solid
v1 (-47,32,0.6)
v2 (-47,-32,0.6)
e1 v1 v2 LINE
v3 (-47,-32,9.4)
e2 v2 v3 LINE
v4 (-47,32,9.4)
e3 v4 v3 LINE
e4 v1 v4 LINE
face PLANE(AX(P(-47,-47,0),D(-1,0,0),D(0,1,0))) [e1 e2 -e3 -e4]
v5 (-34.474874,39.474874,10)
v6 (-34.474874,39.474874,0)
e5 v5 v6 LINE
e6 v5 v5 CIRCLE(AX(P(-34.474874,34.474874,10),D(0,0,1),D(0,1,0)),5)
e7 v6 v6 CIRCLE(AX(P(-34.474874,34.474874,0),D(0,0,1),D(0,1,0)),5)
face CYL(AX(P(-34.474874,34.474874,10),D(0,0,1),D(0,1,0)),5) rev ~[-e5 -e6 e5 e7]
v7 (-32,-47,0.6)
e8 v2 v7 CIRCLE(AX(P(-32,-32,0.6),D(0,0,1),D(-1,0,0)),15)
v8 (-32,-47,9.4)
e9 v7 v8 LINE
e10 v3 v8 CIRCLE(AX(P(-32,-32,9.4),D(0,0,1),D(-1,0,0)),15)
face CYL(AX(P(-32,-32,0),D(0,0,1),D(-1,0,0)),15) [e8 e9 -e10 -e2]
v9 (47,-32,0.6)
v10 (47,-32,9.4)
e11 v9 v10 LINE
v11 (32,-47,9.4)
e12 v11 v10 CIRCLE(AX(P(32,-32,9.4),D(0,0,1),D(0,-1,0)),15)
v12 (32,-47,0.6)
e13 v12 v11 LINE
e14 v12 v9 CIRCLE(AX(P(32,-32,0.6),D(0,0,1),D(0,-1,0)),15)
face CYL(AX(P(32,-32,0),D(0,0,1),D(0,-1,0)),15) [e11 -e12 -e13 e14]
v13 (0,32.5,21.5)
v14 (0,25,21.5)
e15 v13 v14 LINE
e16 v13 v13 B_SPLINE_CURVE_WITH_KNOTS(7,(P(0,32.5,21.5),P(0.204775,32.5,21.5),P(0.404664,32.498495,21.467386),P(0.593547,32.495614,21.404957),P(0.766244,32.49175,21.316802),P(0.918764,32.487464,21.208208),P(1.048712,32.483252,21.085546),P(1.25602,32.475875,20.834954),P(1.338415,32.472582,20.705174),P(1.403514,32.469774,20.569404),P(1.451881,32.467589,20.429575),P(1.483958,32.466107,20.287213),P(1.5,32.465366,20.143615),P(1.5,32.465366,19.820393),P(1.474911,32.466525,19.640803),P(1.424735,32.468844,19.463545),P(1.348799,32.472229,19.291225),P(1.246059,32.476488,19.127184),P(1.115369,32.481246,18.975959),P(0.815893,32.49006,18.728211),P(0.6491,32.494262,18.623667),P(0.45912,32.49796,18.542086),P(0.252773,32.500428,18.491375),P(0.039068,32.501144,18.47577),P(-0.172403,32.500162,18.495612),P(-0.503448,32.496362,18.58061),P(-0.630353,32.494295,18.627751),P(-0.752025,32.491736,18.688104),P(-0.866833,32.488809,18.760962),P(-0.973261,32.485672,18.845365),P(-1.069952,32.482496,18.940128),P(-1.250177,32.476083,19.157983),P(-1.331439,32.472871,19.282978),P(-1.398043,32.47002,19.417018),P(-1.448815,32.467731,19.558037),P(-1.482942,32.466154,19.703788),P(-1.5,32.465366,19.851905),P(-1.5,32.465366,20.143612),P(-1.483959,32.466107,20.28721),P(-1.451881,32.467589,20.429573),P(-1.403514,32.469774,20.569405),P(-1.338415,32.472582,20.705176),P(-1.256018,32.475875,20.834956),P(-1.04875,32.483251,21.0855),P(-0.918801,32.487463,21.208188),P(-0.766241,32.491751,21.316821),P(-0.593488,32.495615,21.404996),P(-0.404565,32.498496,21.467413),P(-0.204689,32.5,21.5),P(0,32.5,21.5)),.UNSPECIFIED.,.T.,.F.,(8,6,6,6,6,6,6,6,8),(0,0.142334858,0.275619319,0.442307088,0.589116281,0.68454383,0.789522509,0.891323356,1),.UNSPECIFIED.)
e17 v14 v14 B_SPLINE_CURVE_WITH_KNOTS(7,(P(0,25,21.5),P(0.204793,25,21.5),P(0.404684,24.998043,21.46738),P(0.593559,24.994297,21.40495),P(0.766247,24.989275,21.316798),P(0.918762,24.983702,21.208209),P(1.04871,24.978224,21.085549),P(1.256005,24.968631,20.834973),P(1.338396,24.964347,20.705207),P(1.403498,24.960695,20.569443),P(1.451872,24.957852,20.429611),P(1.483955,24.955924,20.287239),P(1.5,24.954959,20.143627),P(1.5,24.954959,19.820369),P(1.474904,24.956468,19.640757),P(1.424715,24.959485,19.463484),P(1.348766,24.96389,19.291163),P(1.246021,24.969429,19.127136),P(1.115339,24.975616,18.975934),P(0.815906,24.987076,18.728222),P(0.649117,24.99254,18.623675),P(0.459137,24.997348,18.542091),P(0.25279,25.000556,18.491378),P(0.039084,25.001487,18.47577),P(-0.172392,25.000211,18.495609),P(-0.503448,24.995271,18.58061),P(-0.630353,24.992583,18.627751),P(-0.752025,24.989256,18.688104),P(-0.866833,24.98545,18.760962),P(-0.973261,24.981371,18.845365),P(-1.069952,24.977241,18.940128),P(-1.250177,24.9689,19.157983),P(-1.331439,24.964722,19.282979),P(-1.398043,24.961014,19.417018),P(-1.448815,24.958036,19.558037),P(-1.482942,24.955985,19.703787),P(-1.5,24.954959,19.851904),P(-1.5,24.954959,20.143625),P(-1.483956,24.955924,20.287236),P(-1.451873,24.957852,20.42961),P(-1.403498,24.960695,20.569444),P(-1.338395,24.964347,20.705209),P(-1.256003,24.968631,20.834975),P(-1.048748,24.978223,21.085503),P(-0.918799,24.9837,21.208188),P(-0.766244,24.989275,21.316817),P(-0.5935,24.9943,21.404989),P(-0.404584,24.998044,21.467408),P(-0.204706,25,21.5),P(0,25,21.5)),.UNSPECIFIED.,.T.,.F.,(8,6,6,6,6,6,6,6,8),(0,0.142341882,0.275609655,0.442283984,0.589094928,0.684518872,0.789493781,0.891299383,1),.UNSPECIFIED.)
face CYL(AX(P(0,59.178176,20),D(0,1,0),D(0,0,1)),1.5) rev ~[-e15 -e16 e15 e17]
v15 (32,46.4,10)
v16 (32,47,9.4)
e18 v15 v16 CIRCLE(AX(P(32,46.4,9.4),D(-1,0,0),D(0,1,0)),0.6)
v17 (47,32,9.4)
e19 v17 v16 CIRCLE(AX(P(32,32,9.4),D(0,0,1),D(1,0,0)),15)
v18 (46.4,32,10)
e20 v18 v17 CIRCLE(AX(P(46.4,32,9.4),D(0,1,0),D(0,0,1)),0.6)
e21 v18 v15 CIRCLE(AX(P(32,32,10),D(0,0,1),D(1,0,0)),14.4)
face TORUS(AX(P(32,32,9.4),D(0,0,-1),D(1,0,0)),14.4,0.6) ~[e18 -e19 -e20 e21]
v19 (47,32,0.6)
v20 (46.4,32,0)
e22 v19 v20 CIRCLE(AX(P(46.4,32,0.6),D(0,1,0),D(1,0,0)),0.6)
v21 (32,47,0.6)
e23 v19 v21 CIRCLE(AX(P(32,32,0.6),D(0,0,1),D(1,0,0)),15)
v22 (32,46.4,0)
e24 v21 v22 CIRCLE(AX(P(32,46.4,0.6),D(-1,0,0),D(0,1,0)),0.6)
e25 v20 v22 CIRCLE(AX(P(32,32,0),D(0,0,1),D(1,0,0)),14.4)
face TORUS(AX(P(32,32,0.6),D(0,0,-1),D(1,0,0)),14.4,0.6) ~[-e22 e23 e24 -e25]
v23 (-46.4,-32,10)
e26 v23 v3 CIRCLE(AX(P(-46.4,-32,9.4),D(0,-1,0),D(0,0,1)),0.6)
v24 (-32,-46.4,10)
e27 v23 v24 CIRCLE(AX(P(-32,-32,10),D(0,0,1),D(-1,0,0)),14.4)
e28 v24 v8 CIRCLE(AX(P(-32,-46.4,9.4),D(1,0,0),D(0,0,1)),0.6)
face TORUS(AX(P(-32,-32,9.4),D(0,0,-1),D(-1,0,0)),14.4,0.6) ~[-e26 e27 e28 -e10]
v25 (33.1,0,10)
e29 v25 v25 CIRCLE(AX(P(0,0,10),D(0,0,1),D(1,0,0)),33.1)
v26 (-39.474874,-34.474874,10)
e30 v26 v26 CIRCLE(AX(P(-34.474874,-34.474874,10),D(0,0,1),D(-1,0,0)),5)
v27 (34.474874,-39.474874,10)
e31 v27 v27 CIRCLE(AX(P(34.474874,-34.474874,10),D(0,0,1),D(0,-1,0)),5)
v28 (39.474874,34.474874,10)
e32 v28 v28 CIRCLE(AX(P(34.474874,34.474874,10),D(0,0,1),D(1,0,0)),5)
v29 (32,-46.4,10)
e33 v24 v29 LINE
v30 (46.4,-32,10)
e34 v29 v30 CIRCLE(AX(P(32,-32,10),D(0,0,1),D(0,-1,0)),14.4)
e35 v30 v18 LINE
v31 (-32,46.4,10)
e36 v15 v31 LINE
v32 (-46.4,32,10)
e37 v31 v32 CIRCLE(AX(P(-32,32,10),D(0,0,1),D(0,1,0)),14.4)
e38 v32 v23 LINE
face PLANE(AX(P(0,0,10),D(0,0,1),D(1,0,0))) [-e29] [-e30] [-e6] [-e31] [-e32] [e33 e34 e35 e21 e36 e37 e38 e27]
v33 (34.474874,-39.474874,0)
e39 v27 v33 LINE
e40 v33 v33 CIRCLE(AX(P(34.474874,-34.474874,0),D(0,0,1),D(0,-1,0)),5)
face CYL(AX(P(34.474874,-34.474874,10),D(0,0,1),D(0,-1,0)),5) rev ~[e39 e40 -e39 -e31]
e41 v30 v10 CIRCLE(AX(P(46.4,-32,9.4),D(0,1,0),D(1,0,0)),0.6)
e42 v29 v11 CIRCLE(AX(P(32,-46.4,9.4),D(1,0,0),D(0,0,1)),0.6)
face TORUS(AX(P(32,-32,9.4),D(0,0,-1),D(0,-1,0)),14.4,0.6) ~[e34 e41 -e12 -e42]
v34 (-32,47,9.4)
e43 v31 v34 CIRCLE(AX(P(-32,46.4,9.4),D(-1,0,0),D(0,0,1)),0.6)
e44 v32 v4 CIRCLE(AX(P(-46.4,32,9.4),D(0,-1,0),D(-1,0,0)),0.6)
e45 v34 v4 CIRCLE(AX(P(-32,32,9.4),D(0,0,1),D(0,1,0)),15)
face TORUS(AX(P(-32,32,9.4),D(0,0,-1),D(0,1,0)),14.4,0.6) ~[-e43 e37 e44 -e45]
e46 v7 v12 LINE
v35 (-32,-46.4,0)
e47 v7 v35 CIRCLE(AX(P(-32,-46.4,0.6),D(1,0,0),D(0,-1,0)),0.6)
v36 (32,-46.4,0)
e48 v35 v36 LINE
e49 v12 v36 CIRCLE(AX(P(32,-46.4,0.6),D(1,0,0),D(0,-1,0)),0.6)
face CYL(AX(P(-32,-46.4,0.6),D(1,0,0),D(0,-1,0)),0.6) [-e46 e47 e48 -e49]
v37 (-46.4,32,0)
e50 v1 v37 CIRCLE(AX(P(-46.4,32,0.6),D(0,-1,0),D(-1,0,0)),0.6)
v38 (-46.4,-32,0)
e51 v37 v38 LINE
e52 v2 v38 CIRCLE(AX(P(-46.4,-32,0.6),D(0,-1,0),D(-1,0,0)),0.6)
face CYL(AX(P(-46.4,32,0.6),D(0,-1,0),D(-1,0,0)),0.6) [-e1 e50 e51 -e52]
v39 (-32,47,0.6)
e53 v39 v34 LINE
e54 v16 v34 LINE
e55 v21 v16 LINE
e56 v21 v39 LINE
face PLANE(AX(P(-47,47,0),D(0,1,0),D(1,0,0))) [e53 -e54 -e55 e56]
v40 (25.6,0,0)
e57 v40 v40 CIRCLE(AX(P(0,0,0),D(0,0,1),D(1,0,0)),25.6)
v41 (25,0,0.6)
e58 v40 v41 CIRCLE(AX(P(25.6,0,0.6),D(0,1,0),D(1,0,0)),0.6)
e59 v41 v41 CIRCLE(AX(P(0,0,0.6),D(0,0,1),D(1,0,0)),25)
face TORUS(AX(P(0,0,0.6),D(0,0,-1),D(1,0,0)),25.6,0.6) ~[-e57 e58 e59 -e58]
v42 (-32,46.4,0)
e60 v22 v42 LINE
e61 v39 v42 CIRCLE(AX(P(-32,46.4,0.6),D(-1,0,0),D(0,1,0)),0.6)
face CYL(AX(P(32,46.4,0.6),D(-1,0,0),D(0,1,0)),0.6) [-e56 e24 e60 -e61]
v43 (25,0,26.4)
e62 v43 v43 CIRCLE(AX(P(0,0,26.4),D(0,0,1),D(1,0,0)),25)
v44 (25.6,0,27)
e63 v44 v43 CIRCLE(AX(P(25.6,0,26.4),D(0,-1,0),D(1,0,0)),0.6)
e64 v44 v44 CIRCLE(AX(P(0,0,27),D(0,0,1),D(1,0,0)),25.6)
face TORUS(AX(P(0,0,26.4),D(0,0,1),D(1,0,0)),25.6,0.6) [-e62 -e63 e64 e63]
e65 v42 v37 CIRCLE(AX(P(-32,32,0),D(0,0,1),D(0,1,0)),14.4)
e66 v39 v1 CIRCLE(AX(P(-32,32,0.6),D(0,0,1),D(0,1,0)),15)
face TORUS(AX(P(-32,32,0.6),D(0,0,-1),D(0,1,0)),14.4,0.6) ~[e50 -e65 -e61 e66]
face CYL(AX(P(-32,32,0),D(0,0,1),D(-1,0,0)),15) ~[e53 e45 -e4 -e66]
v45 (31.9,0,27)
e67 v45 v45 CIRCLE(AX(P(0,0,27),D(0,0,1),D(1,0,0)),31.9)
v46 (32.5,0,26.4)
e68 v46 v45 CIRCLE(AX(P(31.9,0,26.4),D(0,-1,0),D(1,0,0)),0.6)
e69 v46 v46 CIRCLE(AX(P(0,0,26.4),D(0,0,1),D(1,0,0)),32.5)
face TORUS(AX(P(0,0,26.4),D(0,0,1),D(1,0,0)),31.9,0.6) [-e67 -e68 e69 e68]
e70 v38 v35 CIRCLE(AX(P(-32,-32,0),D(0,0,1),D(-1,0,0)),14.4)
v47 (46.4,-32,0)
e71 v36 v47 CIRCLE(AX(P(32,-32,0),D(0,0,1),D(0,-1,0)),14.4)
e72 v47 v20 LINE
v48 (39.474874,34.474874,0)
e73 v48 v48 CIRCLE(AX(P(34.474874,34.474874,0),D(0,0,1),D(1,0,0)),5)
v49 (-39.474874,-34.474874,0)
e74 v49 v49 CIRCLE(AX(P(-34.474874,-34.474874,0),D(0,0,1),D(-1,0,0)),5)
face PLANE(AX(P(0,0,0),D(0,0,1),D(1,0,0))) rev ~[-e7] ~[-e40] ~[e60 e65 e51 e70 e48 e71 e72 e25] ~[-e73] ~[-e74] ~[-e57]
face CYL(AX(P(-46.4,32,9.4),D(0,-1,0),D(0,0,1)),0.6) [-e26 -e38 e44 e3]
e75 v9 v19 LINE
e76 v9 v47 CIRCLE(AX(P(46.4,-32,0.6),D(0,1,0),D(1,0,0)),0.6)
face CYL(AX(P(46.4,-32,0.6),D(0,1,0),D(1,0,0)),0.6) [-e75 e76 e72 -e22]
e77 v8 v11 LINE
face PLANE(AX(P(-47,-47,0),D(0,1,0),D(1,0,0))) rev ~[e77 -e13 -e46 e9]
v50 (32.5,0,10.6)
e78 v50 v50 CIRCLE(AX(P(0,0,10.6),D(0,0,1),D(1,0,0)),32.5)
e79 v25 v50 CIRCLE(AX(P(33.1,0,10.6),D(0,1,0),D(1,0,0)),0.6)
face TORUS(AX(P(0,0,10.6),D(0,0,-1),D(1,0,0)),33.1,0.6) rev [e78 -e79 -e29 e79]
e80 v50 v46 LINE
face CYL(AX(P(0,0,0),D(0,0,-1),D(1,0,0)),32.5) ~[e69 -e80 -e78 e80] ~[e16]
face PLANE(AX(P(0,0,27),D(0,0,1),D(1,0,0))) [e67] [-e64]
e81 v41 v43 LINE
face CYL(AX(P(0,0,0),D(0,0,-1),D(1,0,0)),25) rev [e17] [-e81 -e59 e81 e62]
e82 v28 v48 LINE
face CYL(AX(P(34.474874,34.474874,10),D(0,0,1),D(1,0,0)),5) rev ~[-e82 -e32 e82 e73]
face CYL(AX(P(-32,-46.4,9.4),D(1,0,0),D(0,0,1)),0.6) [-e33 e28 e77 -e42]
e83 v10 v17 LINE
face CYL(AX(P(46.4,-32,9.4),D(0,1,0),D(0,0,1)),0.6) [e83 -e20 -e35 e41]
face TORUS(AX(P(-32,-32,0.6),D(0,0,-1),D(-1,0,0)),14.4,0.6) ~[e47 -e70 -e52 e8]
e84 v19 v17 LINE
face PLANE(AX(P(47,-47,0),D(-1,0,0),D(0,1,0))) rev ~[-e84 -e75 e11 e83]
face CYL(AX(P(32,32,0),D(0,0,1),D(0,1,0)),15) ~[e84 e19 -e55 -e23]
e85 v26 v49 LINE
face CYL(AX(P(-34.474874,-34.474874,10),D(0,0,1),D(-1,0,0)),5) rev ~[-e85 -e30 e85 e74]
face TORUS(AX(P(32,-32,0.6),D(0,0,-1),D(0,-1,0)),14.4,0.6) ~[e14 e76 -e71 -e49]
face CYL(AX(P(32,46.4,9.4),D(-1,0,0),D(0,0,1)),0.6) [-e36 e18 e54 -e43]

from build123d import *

# Parameters (mm, degrees)
SKETCH1_W               = 94
SKETCH1_H               = 94
SKETCH1_R               = 32.5
BOSS_EXTRUDE1_DEPTH     = 10
SKETCH1_3_R             = 32.5
SKETCH1_3_R_2           = 25
BOSS_EXTRUDE2_DEPTH     = 27
FILLET1_R               = 15
CUT_EXTRUDE1_REACH      = 121.213
CUT_EXTRUDE1_END_RADIUS = 25
SKETCH3_R               = 1.5
FILLET2_R               = 0.6
CUT_EXTRUDE2_REACH      = 70.608
SKETCH2_R               = 5
CIRPATTERN1_COUNT       = 4


with BuildPart() as part:
    # Sketch1 → Boss-Extrude1 (new body)
    with BuildSketch(Plane.XY):
        Rectangle(SKETCH1_W, SKETCH1_H)
        Circle(SKETCH1_R, mode=Mode.SUBTRACT)
    extrude(amount=BOSS_EXTRUDE1_DEPTH)

    # Sketch1<3> → Boss-Extrude2 (add)
    with BuildSketch(Plane.XY):
        Circle(SKETCH1_3_R)
        Circle(SKETCH1_3_R_2, mode=Mode.SUBTRACT)
    extrude(amount=BOSS_EXTRUDE2_DEPTH)

    # Fillet1
    fillet1_edges = [part.edges().sort_by_distance(p)[0] for p in [
        (47, 47, 5),
        (47, -47, 5),
        (-47, -47, 5),
        (-47, 47, 5),
    ]]
    fillet(fillet1_edges, radius=FILLET1_R)

    # Cut-Extrude1: up to this cylinder (the profile starts outside it)
    cut_extrude1_end = Plane(origin=(0, 0, 20), z_dir=(0, 0, -1)) * Cylinder(CUT_EXTRUDE1_END_RADIUS, 293.426, mode=Mode.PRIVATE)
    # Sketch3 → Cut-Extrude1 (cut, up to the surface)
    with BuildSketch(Plane(origin=(0, 59.178176016, 0), x_dir=(1, 0, 0), z_dir=(0, 1, 0)), mode=Mode.PRIVATE) as cut_extrude1_sk1:
        with Locations(Location((0, -20, 0), (0, 0, 270))):
            Circle(SKETCH3_R)
    cut_extrude1_tool1 = extrude(cut_extrude1_sk1.sketch, amount=-CUT_EXTRUDE1_REACH, mode=Mode.PRIVATE) - cut_extrude1_end
    add(cut_extrude1_tool1.solids().sort_by_distance((0, 59.178176, 20))[0], mode=Mode.SUBTRACT)

    # Fillet2
    fillet2_edges = [part.edges().sort_by_distance(p)[0] for p in [
        (-25, 0, 27),
        (-32.5, 0, 27),
        (-25, 0, 0),
        (0, -47, 0),
        (0, -47, 10),
        (0, 47, 0),
        (47, 0, 0),
        (-47, 0, 0),
        (42.606601718, 42.606601718, 0),
        (-42.606601718, 42.606601718, 0),
        (42.606601718, -42.606601718, 0),
        (-42.606601718, -42.606601718, 0),
        (-47, 0, 10),
        (0, 47, 10),
        (47, 0, 10),
        (42.606601718, 42.606601718, 10),
        (-42.606601718, 42.606601718, 10),
        (42.606601718, -42.606601718, 10),
        (-42.606601718, -42.606601718, 10),
        (-32.5, 0, 10),
    ]]
    fillet(fillet2_edges, radius=FILLET2_R)

    # Sketch2 → Cut-Extrude2 (cut, up to next)
    with BuildSketch(Plane.XY.offset(10), mode=Mode.PRIVATE) as cut_extrude2_sk1:
        with Locations((34.474873734, 34.474873734)):
            Circle(SKETCH2_R)
    cut_extrude2_tool1 = extrude(cut_extrude2_sk1.sketch, amount=-CUT_EXTRUDE2_REACH, mode=Mode.PRIVATE) & part.part
    cut_extrude2 = cut_extrude2_tool1.solids().sort_by_distance((34.474874, 34.474874, 10))[0]
    add(cut_extrude2, mode=Mode.SUBTRACT)

    # CirPattern1: Cut-Extrude2 ×4 about axis
    cirpattern1_axis = Axis((0, 0, 0), (0, 0, 1))
    for i in range(1, CIRPATTERN1_COUNT):
        add(cut_extrude2.rotate(cirpattern1_axis, i * 360 / CIRPATTERN1_COUNT), mode=Mode.SUBTRACT)


solid = part.part
